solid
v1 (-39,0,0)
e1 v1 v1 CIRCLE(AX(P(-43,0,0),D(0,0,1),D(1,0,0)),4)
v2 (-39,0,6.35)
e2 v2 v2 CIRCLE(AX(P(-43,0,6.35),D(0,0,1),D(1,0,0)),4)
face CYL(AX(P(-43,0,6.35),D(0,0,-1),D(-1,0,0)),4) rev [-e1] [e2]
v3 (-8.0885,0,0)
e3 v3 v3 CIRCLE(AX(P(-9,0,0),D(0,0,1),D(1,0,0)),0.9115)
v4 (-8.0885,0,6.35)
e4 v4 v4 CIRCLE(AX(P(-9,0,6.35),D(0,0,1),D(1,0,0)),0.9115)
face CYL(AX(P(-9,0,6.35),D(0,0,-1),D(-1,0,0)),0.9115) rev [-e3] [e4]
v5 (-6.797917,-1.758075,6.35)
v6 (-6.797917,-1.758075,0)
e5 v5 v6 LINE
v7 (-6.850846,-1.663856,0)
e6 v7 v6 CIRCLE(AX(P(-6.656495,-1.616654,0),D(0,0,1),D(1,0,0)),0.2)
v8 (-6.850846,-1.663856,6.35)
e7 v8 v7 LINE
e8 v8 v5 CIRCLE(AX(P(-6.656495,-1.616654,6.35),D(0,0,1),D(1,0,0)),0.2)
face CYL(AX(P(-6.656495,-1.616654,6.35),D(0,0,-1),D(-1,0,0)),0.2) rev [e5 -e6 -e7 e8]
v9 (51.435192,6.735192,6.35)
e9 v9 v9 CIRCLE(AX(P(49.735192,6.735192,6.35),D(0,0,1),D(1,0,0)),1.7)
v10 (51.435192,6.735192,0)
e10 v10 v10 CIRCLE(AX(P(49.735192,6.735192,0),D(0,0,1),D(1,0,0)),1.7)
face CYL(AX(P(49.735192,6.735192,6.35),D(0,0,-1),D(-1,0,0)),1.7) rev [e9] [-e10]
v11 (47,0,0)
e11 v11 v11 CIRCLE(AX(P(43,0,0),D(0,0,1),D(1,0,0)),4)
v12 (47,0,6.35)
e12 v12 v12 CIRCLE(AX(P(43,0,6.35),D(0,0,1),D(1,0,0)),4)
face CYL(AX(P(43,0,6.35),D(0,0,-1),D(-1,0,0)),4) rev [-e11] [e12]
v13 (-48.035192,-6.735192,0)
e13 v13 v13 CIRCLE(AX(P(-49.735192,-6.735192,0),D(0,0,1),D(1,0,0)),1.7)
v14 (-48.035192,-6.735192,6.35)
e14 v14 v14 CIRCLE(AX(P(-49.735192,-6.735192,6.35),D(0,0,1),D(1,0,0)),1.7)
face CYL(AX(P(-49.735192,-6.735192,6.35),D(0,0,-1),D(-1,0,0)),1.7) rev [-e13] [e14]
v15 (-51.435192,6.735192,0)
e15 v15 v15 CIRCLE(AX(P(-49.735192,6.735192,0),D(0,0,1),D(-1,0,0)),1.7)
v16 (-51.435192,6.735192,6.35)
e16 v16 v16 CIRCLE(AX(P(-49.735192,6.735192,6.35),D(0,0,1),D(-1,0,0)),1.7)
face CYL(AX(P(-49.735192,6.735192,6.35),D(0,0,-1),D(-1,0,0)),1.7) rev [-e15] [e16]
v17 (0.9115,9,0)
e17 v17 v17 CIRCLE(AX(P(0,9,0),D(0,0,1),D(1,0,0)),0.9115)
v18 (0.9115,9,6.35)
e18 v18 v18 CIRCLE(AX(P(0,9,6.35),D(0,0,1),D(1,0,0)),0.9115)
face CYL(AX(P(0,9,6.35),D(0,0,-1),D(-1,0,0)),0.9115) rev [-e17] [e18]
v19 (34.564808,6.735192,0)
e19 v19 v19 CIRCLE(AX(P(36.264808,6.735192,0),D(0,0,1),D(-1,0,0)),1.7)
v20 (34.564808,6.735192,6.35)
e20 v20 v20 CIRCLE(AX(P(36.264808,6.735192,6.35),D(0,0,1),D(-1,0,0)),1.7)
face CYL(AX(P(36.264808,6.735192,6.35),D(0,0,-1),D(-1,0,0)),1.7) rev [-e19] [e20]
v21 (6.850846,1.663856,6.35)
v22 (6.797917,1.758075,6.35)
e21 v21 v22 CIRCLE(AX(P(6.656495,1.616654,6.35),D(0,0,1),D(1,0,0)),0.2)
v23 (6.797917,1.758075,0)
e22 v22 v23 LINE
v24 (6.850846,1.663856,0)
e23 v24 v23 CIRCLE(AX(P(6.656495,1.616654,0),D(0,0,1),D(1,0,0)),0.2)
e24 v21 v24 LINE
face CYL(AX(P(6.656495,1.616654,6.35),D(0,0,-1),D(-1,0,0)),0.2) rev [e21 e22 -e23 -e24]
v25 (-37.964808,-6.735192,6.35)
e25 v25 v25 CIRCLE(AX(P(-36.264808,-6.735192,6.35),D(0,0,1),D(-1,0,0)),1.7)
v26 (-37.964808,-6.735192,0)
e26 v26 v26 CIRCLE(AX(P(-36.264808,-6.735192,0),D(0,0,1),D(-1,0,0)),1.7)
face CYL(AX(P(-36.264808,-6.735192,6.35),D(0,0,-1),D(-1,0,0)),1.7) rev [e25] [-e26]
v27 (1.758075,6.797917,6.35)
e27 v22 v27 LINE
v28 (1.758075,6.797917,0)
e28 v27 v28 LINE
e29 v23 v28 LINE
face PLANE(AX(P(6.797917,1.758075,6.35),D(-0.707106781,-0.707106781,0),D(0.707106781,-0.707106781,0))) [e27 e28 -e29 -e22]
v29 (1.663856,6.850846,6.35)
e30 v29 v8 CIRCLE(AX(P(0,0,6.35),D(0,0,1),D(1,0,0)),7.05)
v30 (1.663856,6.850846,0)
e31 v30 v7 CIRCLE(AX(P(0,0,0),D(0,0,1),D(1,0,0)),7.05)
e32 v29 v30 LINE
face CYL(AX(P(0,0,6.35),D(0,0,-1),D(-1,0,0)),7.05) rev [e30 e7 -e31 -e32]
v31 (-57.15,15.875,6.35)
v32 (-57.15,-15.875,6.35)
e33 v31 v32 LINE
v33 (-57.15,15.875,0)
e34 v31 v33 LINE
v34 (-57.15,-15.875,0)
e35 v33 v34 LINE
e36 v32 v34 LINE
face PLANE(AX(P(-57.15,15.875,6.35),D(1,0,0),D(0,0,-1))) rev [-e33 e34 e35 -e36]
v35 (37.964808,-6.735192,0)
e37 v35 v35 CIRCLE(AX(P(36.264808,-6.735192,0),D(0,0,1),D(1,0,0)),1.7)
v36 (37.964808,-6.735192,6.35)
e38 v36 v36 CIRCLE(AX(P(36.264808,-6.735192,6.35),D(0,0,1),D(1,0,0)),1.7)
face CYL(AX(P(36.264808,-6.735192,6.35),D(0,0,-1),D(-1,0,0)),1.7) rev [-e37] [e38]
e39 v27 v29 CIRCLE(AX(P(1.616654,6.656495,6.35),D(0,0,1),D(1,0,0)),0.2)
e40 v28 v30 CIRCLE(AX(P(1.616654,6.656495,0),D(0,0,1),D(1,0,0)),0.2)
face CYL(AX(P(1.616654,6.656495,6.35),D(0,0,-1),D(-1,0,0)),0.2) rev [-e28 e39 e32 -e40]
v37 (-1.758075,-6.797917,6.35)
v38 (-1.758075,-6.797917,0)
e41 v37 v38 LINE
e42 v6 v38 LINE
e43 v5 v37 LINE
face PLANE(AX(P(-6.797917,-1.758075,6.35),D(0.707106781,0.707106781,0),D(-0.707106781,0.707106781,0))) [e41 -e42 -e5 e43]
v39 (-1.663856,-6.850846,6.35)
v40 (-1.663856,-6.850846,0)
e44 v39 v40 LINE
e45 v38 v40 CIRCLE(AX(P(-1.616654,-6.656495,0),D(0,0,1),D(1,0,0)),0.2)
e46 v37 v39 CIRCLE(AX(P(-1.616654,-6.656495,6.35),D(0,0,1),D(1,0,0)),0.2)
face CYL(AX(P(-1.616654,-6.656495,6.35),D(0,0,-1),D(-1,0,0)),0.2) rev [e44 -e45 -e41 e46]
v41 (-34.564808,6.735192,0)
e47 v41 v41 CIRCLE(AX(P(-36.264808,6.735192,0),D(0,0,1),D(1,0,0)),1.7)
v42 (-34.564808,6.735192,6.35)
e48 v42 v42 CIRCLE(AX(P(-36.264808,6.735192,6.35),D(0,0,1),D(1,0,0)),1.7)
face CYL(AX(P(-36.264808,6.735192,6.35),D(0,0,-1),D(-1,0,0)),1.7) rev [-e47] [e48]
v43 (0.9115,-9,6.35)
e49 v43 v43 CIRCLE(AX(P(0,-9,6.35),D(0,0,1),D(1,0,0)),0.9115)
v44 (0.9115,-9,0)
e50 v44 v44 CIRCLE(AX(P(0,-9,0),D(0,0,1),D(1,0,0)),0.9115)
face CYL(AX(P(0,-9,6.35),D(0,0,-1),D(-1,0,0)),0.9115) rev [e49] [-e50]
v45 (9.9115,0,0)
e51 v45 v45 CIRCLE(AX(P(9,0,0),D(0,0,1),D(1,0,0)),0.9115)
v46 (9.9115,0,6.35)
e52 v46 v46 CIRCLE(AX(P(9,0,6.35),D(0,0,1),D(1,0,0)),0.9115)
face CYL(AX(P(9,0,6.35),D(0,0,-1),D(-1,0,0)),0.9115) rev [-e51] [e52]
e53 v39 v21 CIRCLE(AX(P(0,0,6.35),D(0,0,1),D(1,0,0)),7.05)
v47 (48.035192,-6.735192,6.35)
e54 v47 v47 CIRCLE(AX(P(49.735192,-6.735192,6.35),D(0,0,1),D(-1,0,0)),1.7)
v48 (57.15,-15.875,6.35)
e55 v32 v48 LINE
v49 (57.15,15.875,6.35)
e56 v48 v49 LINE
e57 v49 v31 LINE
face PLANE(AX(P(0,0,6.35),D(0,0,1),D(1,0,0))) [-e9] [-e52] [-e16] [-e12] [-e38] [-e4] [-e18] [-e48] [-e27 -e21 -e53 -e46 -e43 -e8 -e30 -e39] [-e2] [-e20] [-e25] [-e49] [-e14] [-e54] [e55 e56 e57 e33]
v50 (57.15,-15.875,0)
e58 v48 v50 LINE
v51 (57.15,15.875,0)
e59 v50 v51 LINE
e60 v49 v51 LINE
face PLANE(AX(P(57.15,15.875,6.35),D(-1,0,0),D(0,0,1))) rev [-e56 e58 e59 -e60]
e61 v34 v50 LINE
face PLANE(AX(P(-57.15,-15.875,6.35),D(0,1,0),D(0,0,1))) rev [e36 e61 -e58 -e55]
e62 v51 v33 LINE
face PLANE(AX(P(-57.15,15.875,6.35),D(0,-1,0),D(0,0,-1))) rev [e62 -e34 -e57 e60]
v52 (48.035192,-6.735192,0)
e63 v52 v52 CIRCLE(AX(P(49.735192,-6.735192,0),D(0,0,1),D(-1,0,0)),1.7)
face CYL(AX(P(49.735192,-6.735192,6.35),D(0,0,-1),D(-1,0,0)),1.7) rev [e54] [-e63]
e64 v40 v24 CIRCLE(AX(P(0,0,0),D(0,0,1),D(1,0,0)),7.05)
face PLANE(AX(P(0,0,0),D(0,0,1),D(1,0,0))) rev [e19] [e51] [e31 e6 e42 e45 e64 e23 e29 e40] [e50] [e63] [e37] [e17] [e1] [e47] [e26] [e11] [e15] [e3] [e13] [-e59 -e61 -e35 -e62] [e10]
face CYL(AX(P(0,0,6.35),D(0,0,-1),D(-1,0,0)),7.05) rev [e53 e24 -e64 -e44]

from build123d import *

# Parameters (mm, degrees)
SKETCH1_W           = 114.3
SKETCH1_H           = 31.75
SKETCH1_R           = 0.9115
SKETCH1_R_2         = 4
SKETCH1_R_3         = 1.7
BOSS_EXTRUDE1_DEPTH = 6.35


with BuildPart() as part:
    # Sketch1 → Boss-Extrude1 (new body)
    with BuildSketch(Plane.XY):
        Rectangle(SKETCH1_W, SKETCH1_H)
        with Locations((-9.000000134, 0)):
            Circle(SKETCH1_R, mode=Mode.SUBTRACT)
        with Locations((0, -9.000000134)):
            Circle(SKETCH1_R, mode=Mode.SUBTRACT)
        with Locations((9.000000134, 0)):
            Circle(SKETCH1_R, mode=Mode.SUBTRACT)
        with Locations((0, 9.000000134)):
            Circle(SKETCH1_R, mode=Mode.SUBTRACT)
        with Locations((-43.000000106, 0)):
            Circle(SKETCH1_R_2, mode=Mode.SUBTRACT)
        with Locations((43.000000106, 0)):
            Circle(SKETCH1_R_2, mode=Mode.SUBTRACT)
        with Locations((-36.264808015, 6.735192091)):
            Circle(SKETCH1_R_3, mode=Mode.SUBTRACT)
        with Locations((-49.735192197, 6.735192091)):
            Circle(SKETCH1_R_3, mode=Mode.SUBTRACT)
        with Locations((-36.264808015, -6.735192091)):
            Circle(SKETCH1_R_3, mode=Mode.SUBTRACT)
        with Locations((-49.735192197, -6.735192091)):
            Circle(SKETCH1_R_3, mode=Mode.SUBTRACT)
        with Locations((49.735192197, -6.735192091)):
            Circle(SKETCH1_R_3, mode=Mode.SUBTRACT)
        with Locations((36.264808015, -6.735192091)):
            Circle(SKETCH1_R_3, mode=Mode.SUBTRACT)
        with Locations((36.264808015, 6.735192091)):
            Circle(SKETCH1_R_3, mode=Mode.SUBTRACT)
        with Locations((49.735192197, 6.735192091)):
            Circle(SKETCH1_R_3, mode=Mode.SUBTRACT)
        with BuildLine():
            Line((-6.79791666, -1.758075393), (-1.758075393, -6.79791666))
            ThreePointArc((-1.758075393, -6.79791666), (-1.714608205, -6.830865544), (-1.663855614, -6.850845531))
            ThreePointArc((-1.663855614, -6.850845531), (4.985102807, -4.985102807), (6.850845531, 1.663855614))
            ThreePointArc((6.850845531, 1.663855614), (6.830865544, 1.714608205), (6.79791666, 1.758075393))
            Line((6.79791666, 1.758075393), (1.758075393, 6.79791666))
            ThreePointArc((1.758075393, 6.79791666), (1.714608205, 6.830865544), (1.663855614, 6.850845531))
            ThreePointArc((1.663855614, 6.850845531), (-4.985102807, 4.985102807), (-6.850845531, -1.663855614))
            ThreePointArc((-6.850845531, -1.663855614), (-6.830865544, -1.714608205), (-6.79791666, -1.758075393))
        make_face(mode=Mode.SUBTRACT)
    extrude(amount=BOSS_EXTRUDE1_DEPTH)


solid = part.part
